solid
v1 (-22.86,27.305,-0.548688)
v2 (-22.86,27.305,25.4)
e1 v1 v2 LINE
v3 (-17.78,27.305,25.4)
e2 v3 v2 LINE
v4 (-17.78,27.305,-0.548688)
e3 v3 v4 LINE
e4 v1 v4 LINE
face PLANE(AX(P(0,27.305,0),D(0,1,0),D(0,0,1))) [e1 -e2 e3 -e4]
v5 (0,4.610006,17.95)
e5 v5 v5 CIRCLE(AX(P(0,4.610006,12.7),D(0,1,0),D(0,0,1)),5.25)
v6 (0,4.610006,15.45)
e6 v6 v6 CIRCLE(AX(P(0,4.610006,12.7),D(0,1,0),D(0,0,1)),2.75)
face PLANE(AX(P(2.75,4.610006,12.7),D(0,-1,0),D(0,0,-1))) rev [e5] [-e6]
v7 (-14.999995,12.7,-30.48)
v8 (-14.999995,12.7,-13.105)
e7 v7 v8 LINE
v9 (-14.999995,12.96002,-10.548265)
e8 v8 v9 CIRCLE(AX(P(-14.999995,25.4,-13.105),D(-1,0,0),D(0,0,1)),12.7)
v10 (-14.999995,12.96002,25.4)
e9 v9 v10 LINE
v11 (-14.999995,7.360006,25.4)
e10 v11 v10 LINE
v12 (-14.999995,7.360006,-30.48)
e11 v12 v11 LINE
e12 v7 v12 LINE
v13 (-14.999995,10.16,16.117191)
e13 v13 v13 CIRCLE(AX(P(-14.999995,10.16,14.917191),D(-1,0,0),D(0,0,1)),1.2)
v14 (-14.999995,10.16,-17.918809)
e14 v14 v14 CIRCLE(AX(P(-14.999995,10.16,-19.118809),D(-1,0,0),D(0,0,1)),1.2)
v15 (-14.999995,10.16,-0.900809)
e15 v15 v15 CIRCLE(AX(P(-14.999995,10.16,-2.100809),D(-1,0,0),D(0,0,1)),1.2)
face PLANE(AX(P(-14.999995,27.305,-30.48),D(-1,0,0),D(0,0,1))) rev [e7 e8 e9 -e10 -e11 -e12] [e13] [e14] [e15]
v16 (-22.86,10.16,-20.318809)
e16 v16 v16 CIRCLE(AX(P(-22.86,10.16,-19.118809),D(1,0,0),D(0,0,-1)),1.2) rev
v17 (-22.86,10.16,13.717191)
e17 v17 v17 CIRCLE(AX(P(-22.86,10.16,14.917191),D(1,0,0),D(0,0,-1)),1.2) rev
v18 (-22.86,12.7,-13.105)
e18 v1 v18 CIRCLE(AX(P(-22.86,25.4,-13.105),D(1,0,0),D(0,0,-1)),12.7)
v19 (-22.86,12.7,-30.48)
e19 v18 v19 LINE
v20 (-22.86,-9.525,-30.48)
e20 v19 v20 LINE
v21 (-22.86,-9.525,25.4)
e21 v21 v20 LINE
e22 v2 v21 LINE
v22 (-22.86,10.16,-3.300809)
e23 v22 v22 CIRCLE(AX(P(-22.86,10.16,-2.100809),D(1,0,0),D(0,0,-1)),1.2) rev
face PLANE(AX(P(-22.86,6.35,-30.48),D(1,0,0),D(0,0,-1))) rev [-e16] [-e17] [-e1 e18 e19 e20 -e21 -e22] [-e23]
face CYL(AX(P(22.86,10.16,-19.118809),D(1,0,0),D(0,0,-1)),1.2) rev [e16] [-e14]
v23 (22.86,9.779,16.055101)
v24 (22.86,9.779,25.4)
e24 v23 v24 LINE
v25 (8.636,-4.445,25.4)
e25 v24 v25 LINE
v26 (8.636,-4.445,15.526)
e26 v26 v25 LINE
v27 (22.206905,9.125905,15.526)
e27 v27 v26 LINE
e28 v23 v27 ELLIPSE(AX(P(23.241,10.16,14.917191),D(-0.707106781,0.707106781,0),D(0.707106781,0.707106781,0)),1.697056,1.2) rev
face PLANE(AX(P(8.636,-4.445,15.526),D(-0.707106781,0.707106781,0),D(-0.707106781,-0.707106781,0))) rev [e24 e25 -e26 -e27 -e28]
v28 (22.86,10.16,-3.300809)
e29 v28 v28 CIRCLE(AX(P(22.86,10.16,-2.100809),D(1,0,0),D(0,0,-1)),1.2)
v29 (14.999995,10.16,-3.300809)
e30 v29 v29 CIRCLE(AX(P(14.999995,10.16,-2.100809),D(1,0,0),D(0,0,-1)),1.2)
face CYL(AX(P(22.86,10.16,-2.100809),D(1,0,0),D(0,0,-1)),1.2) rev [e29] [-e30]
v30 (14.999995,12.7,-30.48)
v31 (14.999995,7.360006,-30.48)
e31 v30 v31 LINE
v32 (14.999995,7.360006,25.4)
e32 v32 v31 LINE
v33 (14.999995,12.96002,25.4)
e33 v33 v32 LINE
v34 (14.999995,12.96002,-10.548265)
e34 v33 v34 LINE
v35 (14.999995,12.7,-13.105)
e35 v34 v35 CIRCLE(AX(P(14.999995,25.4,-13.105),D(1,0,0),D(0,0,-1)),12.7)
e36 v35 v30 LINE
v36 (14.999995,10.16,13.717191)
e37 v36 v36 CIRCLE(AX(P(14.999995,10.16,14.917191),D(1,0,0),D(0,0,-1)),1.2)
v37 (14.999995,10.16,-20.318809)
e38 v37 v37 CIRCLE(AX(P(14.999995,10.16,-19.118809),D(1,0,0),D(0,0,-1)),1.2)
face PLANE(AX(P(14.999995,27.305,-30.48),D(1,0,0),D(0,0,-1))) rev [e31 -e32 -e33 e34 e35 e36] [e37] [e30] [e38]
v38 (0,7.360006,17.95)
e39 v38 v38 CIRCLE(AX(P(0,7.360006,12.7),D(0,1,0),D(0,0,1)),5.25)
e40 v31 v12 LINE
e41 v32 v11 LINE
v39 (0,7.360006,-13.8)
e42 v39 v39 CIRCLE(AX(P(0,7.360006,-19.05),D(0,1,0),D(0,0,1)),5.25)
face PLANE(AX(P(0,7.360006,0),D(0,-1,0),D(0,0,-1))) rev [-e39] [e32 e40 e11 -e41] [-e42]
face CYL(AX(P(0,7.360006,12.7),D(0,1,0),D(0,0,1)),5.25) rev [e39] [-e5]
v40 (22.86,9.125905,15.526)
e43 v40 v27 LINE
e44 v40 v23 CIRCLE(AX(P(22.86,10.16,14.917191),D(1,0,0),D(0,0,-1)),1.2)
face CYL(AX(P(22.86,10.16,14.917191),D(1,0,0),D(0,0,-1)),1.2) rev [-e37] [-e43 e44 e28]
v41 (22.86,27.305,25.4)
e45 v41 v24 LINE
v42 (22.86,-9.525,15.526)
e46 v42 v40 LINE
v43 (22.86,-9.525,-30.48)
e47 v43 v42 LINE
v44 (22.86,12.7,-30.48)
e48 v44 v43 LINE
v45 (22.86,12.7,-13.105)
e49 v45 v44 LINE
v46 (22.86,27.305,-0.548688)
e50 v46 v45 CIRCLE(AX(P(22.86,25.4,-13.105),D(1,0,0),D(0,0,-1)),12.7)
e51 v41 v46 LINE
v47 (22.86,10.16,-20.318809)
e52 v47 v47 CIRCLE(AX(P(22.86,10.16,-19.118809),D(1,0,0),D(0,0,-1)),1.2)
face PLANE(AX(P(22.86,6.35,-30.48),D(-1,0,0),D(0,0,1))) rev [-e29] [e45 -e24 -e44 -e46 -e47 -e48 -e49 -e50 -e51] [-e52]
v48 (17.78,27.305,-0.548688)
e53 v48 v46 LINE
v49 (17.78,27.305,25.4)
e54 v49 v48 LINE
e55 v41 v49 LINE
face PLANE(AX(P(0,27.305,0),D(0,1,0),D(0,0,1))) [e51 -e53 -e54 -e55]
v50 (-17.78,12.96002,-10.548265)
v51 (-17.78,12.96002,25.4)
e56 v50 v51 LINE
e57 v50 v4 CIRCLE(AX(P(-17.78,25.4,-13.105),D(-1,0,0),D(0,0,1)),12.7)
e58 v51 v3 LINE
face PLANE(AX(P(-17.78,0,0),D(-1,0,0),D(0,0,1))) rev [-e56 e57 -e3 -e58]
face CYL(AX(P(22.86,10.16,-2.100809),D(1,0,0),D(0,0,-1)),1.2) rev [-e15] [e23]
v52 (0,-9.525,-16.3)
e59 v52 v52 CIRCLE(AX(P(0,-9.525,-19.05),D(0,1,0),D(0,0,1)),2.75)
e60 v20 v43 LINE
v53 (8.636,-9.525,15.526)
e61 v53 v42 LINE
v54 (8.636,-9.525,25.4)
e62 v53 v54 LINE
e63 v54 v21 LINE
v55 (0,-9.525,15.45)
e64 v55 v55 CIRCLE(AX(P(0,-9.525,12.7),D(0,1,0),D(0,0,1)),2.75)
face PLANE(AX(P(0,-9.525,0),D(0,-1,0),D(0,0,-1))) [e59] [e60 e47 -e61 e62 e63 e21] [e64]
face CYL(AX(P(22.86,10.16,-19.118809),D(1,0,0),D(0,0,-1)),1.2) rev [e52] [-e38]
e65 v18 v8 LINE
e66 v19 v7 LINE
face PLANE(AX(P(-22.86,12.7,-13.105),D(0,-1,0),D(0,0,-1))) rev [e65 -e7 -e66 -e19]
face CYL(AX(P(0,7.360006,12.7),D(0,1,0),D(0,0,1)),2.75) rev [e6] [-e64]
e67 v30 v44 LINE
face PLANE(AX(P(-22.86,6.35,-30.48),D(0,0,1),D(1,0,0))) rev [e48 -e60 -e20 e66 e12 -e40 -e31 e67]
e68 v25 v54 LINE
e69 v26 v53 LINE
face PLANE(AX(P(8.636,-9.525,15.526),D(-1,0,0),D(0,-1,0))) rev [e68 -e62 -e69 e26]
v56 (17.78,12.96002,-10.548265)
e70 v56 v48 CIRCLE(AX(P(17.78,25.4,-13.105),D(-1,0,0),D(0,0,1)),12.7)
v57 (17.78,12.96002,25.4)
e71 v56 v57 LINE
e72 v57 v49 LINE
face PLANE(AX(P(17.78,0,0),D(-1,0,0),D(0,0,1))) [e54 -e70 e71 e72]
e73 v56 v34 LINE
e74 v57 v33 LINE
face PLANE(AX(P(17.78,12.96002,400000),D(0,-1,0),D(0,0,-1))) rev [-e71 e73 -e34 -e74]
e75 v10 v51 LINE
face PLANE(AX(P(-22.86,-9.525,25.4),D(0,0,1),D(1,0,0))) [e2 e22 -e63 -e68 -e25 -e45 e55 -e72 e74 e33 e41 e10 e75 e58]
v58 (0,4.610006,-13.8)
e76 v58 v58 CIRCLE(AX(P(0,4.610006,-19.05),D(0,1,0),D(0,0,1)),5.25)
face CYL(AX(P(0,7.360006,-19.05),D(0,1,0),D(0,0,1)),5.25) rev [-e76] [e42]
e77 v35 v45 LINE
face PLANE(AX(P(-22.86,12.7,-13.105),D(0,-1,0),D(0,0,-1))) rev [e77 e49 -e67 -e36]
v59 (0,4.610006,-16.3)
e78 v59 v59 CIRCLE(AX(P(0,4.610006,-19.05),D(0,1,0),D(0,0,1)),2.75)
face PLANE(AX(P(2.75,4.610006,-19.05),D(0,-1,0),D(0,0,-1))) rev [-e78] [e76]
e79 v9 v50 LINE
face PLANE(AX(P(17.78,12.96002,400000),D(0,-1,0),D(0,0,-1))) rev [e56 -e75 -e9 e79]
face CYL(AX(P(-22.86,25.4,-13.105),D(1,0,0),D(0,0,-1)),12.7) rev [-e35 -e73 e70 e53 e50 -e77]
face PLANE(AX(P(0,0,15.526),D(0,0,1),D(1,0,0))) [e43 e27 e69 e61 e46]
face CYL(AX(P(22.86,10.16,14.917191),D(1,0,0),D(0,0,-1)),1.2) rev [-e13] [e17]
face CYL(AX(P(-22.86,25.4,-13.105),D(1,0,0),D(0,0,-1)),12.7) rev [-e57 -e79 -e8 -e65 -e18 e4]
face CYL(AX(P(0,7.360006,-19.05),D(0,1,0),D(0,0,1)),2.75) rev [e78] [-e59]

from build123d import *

# Parameters (mm, degrees)
SKETCH1_W                       = 45.72
SKETCH1_H                       = 60.96
BOSS_EXTRUDE1_DEPTH             = 6.35
SKETCH2_W                       = 7.8600046
SKETCH2_H                       = 60.96
BOSS_EXTRUDE2_DEPTH             = 20.955
LPATTERN1_COUNT                 = 3
LPATTERN1_PITCH                 = 17.018
SKETCH1_3_W                     = 45.72
SKETCH1_3_H                     = 60.96
BOSS_EXTRUDE3_DEPTH             = 2.54
CUT_EXTRUDE1_START              = 14.999995
SKETCH11_W                      = 60.96
SKETCH11_H                      = 14.3449802
CUT_EXTRUDE1_DEPTH              = 17.78
CUT_EXTRUDE2_DEPTH              = 62.358877312
SKETCH17_W                      = 45.72
SKETCH17_H                      = 60.96
BOSS_EXTRUDE4_DEPTH             = 6.985
SKETCH19_W                      = 29.9999908
SKETCH19_H                      = 60.96
BOSS_EXTRUDE5_DEPTH             = 1.0100056
CBORE_FOR_M5_SBHCS2_D           = 5.5
CBORE_FOR_M5_SBHCS2_CBORE_D     = 10.5
CBORE_FOR_M5_SBHCS2_CBORE_DEPTH = 2.75
CUT_EXTRUDE3_DEPTH              = 82.222264916
CUT_EXTRUDE3_DEPTH_BACK         = 82.222264916
SKETCH24_W                      = 5.08
SKETCH24_H                      = 45.72
CUT_EXTRUDE4_DEPTH              = 9.874000032


with BuildPart() as part:
    # Sketch1 → Boss-Extrude1 (new body)
    with BuildSketch(Plane(origin=(0, 0, 0), x_dir=(1, 0, 0), z_dir=(0, 1, 0))):
        Rectangle(SKETCH1_W, SKETCH1_H)
    extrude(amount=BOSS_EXTRUDE1_DEPTH)

    # Sketch2 → Boss-Extrude2 (add)
    with BuildSketch(Plane(origin=(0, 6.35, 0), x_dir=(1, 0, 0), z_dir=(0, 1, 0))):
        with Locations((-18.9299977, 0)):
            Rectangle(SKETCH2_W, SKETCH2_H)
        with Locations((18.9299977, 0)):
            Rectangle(SKETCH2_W, SKETCH2_H)
    extrude(amount=BOSS_EXTRUDE2_DEPTH)

    # Sketch7 → M2 Clearance Hole2 (revolve, cut)
    with BuildSketch(Plane(origin=(22.86, 10.16, 14.9171914), x_dir=(0, 0, -1), z_dir=(0, 1, 0))):
        Polygon((0, 0), (0, 46.441032743), (1.2, 45.72), (1.2, 0), align=None)
    m2_clearance_hole2 = revolve(axis=Axis((29.21, 10.16, 14.9171914), (-1, 0, 0)), mode=Mode.SUBTRACT)

    # LPattern1: M2 Clearance Hole2 ×3
    with Locations(*[(0, 0, -i * LPATTERN1_PITCH) for i in range(1, LPATTERN1_COUNT)]):
        add(m2_clearance_hole2, mode=Mode.SUBTRACT)

    # Sketch1<3> → Boss-Extrude3 (add)
    with BuildSketch(Plane(origin=(0, 0, 0), x_dir=(1, 0, 0), z_dir=(0, 1, 0))):
        Rectangle(SKETCH1_3_W, SKETCH1_3_H)
    extrude(amount=-BOSS_EXTRUDE3_DEPTH)

    # Sketch11 → Cut-Extrude1 (cut, symmetric)
    with BuildSketch(Plane.ZY.offset(-14.9999954).offset(CUT_EXTRUDE1_START)):
        with Locations((0, 20.1325099)):
            Rectangle(SKETCH11_W, SKETCH11_H)
    extrude(amount=CUT_EXTRUDE1_DEPTH, both=True, mode=Mode.SUBTRACT)

    # Sketch12 → Cut-Extrude2 (cut, through all)
    with BuildSketch(Plane(origin=(22.86, 0, 0), x_dir=(0, 0, -1), z_dir=(1, 0, 0))):
        with BuildLine():
            Line((13.105000048, 12.7), (30.48, 12.7))
            Line((30.48, 12.7), (30.48, 27.305))
            Line((30.48, 27.305), (25.661312206, 27.305))
            ThreePointArc((25.661312206, 27.305), (3.474748234, 33.679387055), (13.105000048, 12.7))
        make_face()
    extrude(amount=-CUT_EXTRUDE2_DEPTH, mode=Mode.SUBTRACT)

    # Sketch17 → Boss-Extrude4 (add)
    with BuildSketch(Plane.XZ.offset(2.54)):
        Rectangle(SKETCH17_W, SKETCH17_H)
    extrude(amount=BOSS_EXTRUDE4_DEPTH)

    # Sketch19 → Boss-Extrude5 (add)
    with BuildSketch(Plane(origin=(0, 6.35, 0), x_dir=(1, 0, 0), z_dir=(0, 1, 0))):
        Rectangle(SKETCH19_W, SKETCH19_H)
    extrude(amount=BOSS_EXTRUDE5_DEPTH)

    # CBORE for M5 SBHCS2 (through all)
    with Locations(Plane(origin=(0, 7.3600056, 0), x_dir=(1, 0, 0), z_dir=(0, 1, 0))):
        with Locations((0, -12.7), (0, 19.05)):
            CounterBoreHole(CBORE_FOR_M5_SBHCS2_D / 2, CBORE_FOR_M5_SBHCS2_CBORE_D / 2, CBORE_FOR_M5_SBHCS2_CBORE_DEPTH)

    # Sketch24 → Cut-Extrude3 (cut, two sides: drawn at the far end of the back side and taken through both)
    with BuildSketch(Plane(origin=(31.571183672, -12.7, -14.6188086), x_dir=(0, 0, -1), z_dir=(0, 1, 0)).offset(-CUT_EXTRUDE3_DEPTH_BACK)):
        with Locations((-42.5588086, 31.571183672)):
            Rectangle(SKETCH24_W, SKETCH24_H)
    extrude(amount=CUT_EXTRUDE3_DEPTH + CUT_EXTRUDE3_DEPTH_BACK, mode=Mode.SUBTRACT)

    # Sketch25 → Cut-Extrude4 (cut)
    with BuildSketch(Plane.XY.offset(25.4)):
        Polygon((8.636, -9.525), (8.636, -4.445), (22.86, 9.779), (22.86, -9.525), align=None)
    extrude(amount=-CUT_EXTRUDE4_DEPTH, mode=Mode.SUBTRACT)


solid = part.part
